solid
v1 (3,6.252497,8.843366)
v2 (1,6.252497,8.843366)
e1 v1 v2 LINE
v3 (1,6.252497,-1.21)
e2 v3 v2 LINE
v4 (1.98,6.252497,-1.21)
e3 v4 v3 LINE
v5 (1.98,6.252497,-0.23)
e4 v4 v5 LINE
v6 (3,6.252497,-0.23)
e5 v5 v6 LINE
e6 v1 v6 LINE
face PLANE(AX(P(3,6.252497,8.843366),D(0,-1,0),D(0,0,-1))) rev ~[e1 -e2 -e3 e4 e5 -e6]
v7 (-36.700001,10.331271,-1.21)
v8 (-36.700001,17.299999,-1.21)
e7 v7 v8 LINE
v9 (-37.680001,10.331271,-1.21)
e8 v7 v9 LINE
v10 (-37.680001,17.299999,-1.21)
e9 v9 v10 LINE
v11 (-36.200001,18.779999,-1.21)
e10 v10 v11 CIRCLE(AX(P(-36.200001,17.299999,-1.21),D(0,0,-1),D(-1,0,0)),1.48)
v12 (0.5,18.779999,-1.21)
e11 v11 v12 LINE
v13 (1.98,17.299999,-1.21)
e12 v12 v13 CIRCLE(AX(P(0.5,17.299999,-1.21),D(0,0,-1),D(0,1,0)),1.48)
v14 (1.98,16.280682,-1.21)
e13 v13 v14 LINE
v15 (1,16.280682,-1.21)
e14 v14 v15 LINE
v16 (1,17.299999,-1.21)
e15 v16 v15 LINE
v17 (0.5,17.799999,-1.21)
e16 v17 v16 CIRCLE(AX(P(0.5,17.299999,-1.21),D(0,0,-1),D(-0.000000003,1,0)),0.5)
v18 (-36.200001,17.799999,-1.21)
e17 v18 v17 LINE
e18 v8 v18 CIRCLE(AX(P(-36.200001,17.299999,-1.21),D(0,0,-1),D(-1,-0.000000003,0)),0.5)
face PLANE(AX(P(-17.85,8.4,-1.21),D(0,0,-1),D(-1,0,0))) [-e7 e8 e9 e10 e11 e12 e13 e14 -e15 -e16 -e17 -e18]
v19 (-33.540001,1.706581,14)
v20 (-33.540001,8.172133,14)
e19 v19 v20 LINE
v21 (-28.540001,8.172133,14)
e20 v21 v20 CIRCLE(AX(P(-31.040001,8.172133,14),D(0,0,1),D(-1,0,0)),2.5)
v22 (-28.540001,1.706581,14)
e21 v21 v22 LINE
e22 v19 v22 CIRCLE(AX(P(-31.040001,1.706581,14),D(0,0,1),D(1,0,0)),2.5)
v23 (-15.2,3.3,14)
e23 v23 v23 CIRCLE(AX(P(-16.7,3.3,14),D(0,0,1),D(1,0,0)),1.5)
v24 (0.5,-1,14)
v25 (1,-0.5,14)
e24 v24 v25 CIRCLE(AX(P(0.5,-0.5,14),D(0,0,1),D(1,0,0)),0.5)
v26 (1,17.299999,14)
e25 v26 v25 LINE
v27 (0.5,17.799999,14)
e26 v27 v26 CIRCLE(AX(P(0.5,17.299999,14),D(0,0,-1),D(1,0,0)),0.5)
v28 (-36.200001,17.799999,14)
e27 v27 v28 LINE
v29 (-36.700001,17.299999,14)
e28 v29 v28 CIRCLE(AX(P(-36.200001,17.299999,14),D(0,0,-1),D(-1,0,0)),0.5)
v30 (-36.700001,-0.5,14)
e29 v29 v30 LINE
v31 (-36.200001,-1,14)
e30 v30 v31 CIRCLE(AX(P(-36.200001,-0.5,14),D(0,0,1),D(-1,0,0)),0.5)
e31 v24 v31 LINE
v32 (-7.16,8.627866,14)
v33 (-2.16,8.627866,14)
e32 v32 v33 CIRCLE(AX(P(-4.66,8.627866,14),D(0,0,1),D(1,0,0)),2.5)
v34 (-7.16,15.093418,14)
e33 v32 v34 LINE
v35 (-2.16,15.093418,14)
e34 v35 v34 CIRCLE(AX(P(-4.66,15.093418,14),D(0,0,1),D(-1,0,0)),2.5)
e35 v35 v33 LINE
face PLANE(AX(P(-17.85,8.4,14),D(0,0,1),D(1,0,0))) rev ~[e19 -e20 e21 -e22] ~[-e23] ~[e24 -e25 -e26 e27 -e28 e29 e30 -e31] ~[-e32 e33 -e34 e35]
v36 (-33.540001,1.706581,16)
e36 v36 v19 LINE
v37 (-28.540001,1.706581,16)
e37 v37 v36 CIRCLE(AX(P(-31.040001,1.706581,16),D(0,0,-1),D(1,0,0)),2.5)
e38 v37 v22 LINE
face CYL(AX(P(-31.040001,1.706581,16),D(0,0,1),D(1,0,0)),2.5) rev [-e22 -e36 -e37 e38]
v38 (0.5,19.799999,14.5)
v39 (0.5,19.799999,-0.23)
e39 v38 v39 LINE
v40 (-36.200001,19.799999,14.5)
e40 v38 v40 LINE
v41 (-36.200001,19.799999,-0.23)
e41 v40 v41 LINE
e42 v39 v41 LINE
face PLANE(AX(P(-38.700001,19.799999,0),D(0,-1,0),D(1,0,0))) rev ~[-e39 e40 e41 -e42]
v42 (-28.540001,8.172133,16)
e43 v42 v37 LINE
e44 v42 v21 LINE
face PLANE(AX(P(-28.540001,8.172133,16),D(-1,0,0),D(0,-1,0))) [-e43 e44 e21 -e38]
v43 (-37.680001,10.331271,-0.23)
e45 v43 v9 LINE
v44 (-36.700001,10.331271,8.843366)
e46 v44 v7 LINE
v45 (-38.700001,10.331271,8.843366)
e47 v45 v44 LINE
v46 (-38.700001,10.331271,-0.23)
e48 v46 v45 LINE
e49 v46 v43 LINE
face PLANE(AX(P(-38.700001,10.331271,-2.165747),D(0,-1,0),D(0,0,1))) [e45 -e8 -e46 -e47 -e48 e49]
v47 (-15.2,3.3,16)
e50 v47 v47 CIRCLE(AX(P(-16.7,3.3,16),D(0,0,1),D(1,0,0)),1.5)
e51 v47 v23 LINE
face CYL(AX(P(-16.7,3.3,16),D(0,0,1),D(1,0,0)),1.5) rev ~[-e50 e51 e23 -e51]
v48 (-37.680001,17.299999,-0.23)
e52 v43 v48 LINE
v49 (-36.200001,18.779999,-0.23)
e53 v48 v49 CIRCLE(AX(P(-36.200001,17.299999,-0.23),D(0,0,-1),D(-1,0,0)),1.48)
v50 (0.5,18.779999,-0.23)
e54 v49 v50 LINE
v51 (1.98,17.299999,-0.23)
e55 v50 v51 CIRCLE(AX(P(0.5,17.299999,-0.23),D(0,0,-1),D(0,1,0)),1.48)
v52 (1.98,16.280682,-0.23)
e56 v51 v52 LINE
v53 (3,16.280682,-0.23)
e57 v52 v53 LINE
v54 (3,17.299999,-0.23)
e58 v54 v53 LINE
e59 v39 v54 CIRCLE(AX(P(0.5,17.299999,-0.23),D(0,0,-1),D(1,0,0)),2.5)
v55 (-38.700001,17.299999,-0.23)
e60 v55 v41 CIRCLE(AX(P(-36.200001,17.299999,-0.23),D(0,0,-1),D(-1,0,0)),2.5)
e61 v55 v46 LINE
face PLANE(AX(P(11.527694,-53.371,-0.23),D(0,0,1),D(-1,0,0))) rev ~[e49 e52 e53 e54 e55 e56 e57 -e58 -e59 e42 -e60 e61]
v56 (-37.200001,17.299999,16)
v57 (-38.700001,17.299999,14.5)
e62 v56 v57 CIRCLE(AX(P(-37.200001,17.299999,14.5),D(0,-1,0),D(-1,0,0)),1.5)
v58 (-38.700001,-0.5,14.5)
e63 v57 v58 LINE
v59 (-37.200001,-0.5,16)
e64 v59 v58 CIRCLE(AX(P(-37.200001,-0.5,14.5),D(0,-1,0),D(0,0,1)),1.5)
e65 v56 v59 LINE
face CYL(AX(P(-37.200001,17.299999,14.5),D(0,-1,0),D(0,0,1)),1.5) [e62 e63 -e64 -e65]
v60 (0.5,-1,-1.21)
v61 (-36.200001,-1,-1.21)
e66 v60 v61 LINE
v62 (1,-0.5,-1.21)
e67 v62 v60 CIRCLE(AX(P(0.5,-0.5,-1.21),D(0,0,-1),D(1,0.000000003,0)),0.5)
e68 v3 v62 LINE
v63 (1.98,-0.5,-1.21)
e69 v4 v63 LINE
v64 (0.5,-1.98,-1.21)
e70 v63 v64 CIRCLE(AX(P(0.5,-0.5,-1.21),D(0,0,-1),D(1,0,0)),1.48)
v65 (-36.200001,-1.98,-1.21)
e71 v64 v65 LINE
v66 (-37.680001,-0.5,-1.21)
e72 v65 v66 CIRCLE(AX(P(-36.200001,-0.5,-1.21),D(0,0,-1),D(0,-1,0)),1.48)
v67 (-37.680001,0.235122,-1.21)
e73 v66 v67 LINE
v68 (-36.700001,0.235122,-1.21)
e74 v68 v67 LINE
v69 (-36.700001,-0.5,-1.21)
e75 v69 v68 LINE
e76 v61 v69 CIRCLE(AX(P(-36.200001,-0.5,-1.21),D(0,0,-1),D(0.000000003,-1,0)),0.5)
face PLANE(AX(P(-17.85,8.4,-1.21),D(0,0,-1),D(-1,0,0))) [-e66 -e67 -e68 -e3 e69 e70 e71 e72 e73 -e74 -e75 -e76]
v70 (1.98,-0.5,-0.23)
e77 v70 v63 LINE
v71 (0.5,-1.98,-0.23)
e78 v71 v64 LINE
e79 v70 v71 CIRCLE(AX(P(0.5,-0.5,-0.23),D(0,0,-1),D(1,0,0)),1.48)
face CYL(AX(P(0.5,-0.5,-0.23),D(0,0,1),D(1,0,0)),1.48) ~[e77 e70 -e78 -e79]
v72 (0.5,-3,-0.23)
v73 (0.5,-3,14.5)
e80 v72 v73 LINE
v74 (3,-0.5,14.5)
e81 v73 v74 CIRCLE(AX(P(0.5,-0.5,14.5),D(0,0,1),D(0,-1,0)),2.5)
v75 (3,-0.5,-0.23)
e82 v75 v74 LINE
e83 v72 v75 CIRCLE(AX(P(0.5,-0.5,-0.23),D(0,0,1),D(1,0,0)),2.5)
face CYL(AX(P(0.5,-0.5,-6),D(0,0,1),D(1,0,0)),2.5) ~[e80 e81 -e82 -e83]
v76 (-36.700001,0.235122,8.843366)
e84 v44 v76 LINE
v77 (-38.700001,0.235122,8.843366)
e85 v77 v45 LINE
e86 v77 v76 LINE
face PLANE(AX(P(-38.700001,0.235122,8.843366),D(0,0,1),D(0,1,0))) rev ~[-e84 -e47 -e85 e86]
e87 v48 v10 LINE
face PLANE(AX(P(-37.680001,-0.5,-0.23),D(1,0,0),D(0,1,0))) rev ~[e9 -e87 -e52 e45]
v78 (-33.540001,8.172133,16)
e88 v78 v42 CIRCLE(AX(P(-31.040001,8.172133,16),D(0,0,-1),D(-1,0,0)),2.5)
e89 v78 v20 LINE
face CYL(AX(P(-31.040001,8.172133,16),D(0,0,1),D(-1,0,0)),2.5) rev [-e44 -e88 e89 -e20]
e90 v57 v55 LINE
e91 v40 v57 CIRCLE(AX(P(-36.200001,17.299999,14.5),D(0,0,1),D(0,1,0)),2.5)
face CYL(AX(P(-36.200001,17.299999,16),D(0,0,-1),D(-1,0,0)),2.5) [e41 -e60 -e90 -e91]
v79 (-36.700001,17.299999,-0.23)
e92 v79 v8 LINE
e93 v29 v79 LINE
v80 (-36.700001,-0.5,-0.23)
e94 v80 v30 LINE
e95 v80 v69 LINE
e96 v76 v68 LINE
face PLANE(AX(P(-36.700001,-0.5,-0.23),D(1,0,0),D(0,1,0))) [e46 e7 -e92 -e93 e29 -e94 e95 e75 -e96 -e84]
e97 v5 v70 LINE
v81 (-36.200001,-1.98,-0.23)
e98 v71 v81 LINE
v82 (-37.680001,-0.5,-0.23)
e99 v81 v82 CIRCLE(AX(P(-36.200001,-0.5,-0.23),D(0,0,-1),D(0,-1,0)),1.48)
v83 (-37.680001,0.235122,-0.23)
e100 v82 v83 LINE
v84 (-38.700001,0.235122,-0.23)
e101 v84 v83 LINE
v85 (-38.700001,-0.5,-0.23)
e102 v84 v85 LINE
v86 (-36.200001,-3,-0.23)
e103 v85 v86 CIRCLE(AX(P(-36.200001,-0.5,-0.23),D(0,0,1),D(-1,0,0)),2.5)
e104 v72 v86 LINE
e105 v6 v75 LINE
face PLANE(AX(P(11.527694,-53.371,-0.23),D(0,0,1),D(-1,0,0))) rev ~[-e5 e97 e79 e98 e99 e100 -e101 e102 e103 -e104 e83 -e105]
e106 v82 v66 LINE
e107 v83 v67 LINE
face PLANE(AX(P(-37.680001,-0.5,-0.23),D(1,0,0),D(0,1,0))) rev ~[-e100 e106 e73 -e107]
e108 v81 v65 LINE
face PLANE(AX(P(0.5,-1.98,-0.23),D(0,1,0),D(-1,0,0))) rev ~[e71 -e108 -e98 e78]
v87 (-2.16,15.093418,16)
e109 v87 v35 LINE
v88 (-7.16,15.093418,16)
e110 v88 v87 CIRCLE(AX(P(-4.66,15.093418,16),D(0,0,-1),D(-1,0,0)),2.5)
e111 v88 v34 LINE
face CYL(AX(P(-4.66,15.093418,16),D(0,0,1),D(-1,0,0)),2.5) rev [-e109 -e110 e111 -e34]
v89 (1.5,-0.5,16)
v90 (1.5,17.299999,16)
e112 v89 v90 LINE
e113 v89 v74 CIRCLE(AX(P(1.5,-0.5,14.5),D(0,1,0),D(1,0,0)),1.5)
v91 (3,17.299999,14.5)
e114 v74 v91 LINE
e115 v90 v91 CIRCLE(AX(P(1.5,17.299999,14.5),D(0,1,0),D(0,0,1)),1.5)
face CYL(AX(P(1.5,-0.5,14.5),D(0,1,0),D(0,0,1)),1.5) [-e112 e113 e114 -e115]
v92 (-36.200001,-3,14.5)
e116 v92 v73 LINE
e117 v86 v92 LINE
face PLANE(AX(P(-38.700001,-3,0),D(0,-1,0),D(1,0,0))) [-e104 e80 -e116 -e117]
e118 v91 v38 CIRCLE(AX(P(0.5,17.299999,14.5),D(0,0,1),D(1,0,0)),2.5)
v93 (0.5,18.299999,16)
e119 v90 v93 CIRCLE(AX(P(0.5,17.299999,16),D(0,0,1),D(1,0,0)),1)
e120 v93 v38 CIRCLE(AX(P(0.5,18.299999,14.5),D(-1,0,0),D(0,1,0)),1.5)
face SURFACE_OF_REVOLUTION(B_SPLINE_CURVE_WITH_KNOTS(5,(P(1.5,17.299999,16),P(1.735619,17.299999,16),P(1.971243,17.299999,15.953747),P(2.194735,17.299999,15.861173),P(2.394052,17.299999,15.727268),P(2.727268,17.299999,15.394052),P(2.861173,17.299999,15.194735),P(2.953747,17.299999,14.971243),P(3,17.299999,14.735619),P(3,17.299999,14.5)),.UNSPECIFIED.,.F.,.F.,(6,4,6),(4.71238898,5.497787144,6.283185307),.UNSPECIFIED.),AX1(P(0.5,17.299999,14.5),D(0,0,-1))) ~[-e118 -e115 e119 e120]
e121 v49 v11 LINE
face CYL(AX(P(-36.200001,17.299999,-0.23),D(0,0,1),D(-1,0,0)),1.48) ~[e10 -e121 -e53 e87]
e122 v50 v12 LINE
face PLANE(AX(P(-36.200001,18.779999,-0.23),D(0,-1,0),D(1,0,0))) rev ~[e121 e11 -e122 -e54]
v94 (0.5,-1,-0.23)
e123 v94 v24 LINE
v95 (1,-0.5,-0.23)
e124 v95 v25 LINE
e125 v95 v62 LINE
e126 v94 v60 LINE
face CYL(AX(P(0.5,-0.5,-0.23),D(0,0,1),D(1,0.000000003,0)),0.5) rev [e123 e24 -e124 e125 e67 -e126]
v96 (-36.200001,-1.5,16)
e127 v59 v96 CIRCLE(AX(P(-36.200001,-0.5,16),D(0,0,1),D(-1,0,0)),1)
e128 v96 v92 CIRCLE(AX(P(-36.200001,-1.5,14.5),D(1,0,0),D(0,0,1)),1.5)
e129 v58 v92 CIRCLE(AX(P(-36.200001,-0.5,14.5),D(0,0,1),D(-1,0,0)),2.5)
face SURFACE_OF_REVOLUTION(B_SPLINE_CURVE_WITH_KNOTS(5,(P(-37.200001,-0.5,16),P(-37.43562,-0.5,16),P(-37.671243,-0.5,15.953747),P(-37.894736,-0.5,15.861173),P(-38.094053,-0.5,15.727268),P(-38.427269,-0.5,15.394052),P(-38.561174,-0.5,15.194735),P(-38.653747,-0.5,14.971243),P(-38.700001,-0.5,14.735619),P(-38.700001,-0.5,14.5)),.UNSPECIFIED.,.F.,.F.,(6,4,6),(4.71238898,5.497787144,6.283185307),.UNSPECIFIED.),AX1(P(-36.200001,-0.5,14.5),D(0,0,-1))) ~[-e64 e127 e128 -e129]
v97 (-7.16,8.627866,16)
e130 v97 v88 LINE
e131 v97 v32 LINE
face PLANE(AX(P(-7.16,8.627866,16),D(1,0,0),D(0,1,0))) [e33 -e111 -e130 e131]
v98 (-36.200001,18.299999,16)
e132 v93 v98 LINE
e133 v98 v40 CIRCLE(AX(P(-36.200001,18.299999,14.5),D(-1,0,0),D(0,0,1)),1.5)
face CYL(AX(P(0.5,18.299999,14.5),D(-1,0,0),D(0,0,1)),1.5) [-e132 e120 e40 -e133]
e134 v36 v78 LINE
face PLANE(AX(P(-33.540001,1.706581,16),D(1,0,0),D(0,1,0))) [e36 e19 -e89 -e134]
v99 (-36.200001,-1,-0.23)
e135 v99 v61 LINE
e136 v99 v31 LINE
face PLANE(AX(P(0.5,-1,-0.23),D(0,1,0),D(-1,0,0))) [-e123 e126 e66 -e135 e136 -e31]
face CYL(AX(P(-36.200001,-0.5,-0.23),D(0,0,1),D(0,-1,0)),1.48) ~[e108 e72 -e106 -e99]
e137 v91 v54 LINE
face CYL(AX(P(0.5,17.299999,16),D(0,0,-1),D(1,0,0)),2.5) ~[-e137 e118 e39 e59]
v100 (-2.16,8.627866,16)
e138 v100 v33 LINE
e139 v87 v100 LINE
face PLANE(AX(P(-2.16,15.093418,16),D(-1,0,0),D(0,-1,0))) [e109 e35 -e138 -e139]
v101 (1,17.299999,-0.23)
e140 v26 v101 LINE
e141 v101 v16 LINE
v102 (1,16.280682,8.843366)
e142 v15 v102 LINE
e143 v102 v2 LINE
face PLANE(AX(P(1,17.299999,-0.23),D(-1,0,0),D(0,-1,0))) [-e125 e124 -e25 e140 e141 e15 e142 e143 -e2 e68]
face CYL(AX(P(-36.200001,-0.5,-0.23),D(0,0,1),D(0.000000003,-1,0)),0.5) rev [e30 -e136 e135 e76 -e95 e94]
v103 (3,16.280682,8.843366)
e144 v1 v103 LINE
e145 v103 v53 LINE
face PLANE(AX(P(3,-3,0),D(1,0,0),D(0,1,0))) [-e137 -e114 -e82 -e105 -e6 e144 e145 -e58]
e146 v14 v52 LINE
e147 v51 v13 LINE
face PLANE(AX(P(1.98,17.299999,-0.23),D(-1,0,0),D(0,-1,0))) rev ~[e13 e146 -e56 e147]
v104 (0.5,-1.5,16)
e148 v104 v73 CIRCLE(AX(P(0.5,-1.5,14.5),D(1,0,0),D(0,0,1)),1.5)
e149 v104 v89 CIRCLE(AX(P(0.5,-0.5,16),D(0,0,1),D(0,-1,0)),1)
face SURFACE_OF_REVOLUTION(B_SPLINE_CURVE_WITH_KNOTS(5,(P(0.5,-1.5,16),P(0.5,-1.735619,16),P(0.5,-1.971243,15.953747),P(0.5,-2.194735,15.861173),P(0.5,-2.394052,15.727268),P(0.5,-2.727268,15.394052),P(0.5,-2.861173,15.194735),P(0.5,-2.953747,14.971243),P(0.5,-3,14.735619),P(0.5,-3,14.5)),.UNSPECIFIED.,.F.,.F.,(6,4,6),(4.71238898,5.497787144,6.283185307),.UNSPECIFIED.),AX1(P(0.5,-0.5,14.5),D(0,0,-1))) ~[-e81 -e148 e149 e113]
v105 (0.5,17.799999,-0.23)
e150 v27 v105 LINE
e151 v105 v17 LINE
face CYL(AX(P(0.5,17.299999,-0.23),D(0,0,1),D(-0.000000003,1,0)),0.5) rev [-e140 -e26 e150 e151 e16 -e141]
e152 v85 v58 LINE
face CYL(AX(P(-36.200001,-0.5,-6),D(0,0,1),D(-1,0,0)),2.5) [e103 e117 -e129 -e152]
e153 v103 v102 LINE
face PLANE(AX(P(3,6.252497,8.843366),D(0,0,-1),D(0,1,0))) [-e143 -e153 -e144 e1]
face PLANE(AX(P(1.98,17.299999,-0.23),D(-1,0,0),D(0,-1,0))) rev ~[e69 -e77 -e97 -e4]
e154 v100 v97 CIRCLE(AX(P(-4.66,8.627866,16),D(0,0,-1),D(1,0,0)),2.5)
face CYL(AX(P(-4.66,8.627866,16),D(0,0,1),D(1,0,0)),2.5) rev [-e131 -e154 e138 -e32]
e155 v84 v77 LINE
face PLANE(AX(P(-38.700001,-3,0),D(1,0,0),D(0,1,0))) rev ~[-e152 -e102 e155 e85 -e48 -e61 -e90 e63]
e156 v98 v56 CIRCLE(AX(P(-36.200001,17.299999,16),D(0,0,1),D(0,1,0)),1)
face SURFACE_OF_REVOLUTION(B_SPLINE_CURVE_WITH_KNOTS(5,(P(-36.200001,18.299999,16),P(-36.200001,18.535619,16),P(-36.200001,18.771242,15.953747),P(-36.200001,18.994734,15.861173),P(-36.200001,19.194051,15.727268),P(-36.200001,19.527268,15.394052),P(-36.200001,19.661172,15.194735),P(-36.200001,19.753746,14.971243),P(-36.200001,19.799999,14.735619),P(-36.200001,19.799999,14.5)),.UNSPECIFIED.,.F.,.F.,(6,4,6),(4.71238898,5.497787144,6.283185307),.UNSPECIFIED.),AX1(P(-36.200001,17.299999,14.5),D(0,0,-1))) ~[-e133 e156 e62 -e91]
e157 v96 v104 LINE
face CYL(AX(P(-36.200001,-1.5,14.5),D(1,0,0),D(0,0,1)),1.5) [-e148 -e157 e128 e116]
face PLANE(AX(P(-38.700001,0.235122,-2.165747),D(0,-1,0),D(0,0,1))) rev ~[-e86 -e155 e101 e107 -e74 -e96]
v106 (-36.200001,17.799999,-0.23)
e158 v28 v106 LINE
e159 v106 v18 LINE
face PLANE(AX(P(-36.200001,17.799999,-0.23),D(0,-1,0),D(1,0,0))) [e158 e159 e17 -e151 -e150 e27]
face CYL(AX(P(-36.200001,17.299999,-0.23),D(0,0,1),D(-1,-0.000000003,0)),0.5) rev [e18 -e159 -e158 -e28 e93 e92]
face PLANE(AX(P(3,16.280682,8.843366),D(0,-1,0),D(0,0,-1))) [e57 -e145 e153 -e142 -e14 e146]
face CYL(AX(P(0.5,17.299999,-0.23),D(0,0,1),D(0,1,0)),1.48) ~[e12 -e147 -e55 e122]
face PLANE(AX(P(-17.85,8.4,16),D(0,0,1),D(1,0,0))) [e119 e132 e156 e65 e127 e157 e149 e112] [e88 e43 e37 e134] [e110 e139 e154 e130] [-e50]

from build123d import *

# Parameters (mm, degrees)
SKETCH1_W                = 41.700000763
SKETCH1_H                = 22.799999237
BOSS_EXTRUDE1_DEPTH      = 16
BOSS_EXTRUDE1_DEPTH_BACK = 6
FILLET1_R                = 2.5
SHELL1_T                 = 2
FILLET2_R                = 1.5
SPLIT2_SURFACE_1_BACK    = 53.371
SPLIT2_SURFACE_1_DEPTH   = 106.742
SPLIT2_SURFACE_2_BACK    = 53.371
SPLIT2_SURFACE_2_DEPTH   = 106.742
SKETCH6_W                = 51.834983027
SKETCH6_H                = 10.188595942
CUT_EXTRUDE1_DEPTH       = 25
BOSS_EXTRUDE2_DEPTH      = 0.98
CUT_EXTRUDE2_DEPTH       = 11
SKETCH9_W                = 11.335588894
SKETCH9_H                = 10.028184506
CUT_EXTRUDE3_DEPTH       = 11
SKETCH10_W               = 11.009113092
SKETCH10_H               = 10.096148938
CUT_EXTRUDE4_DEPTH       = 11
SKETCH11_R               = 1.5
CUT_EXTRUDE5_DEPTH       = 11


with BuildPart() as part:
    # Sketch1 → Boss-Extrude1 (new, two sides)
    with BuildSketch(Plane.XY) as boss_extrude1_sk:
        with Locations((-17.850000382, 8.399999619)):
            Rectangle(SKETCH1_W, SKETCH1_H)
    extrude(amount=BOSS_EXTRUDE1_DEPTH)
    extrude(boss_extrude1_sk.sketch, amount=-BOSS_EXTRUDE1_DEPTH_BACK)

    # Fillet1
    fillet1_edges = [part.edges().sort_by_distance(p)[0] for p in [
        (3, -3, 5),
        (3, 19.799999237, 5),
        (-38.700000763, 19.799999237, 5),
        (-38.700000763, -3, 5),
    ]]
    fillet(fillet1_edges, radius=FILLET1_R)

    # Shell1 (no face opened: a closed hollow body)
    add(offset(amount=-SHELL1_T, mode=Mode.PRIVATE), mode=Mode.SUBTRACT)

    # Fillet2
    fillet2_edges = [part.edges().sort_by_distance(p)[0] for p in [
        (-17.850000381, -3, 16),
        (3, 8.399999619, 16),
        (-17.850000381, 19.799999237, 16),
        (-38.700000763, 8.399999619, 16),
        (-37.967767716, -2.267766953, 16),
        (-37.967767716, 19.06776619, 16),
        (2.267766953, 19.06776619, 16),
        (2.267766953, -2.267766953, 16),
    ]]
    fillet(fillet2_edges, radius=FILLET2_R)


with BuildPart() as body_2:
    # Split2: the piece behind the surface
    add(part.part)
    # Split2 surface: a surface, the sketch's curves swept straight by 106.742 mm
    with BuildLine(Plane(origin=(0, 0, 0), x_dir=(1, 0, 0), z_dir=(0, 1, 0)).offset(-SPLIT2_SURFACE_1_BACK), mode=Mode.PRIVATE) as split2_surface_1_path:
        Line((11.527694016, 0.23), (-46.74820982, 0.23))
    split2_surface_1 = Shell.extrude(split2_surface_1_path.wire(), (0 * SPLIT2_SURFACE_1_DEPTH, 1 * SPLIT2_SURFACE_1_DEPTH, 0 * SPLIT2_SURFACE_1_DEPTH))
    split(bisect_by=split2_surface_1, keep=Keep.BOTTOM)

    # Sketch6 → Cut-Extrude1 (cut)
    with BuildSketch(Plane.XZ.offset(3)):
        with Locations((-19.404183034, -5.324297971)):
            Rectangle(SKETCH6_W, SKETCH6_H)
    extrude(amount=-CUT_EXTRUDE1_DEPTH, mode=Mode.SUBTRACT)


with BuildPart() as part_1:
    add(part.part)

    # Split2: split by a surface, the side it looks to stays
    # Split2 surface: a surface, the sketch's curves swept straight by 106.742 mm
    with BuildLine(Plane(origin=(0, 0, 0), x_dir=(1, 0, 0), z_dir=(0, 1, 0)).offset(-SPLIT2_SURFACE_2_BACK), mode=Mode.PRIVATE) as split2_surface_2_path:
        Line((11.527694016, 0.23), (-46.74820982, 0.23))
    split2_surface_2 = Shell.extrude(split2_surface_2_path.wire(), (0 * SPLIT2_SURFACE_2_DEPTH, 1 * SPLIT2_SURFACE_2_DEPTH, 0 * SPLIT2_SURFACE_2_DEPTH))
    split(bisect_by=split2_surface_2, keep=Keep.TOP)

    # Sketch7 → Boss-Extrude2 (add)
    with BuildSketch(Plane(origin=(0, 0, -0.23), x_dir=(-1, 0, 0), z_dir=(0, 0, -1))):
        with BuildLine():
            Line((-0.5, -1.98), (36.200000763, -1.98))
            ThreePointArc((36.200000763, -1.98), (37.246518799, -1.546518036), (37.680000763, -0.5))
            Line((37.680000763, -0.5), (37.680000763, 17.299999237))
            ThreePointArc((37.680000763, 17.299999237), (37.246518799, 18.346517273), (36.200000763, 18.779999237))
            Line((36.200000763, 18.779999237), (-0.5, 18.779999237))
            ThreePointArc((-0.5, 18.779999237), (-1.546518036, 18.346517273), (-1.98, 17.299999237))
            Line((-1.98, 17.299999237), (-1.98, -0.5))
            ThreePointArc((-1.98, -0.5), (-1.546518036, -1.546518036), (-0.5, -1.98))
        make_face()
        with BuildLine():
            Line((-0.5, -1), (36.200000763, -1))
            ThreePointArc((36.200000763, -1), (36.553554154, -0.853553391), (36.700000763, -0.5))
            Line((36.700000763, -0.5), (36.700000763, 17.299999237))
            ThreePointArc((36.700000763, 17.299999237), (36.553554154, 17.653552628), (36.200000763, 17.799999237))
            Line((36.200000763, 17.799999237), (-0.5, 17.799999237))
            ThreePointArc((-0.5, 17.799999237), (-0.853553391, 17.653552628), (-1, 17.299999237))
            Line((-1, 17.299999237), (-1, -0.5))
            ThreePointArc((-1, -0.5), (-0.853553391, -0.853553391), (-0.5, -1))
        make_face(mode=Mode.SUBTRACT)
    extrude(amount=BOSS_EXTRUDE2_DEPTH)

    # Sketch8 → Cut-Extrude2 (cut)
    with BuildSketch(Plane.XY.offset(16)):
        with BuildLine():
            Line((-2.16, 15.093417893), (-2.16, 8.627866409))
            ThreePointArc((-2.16, 8.627866409), (-4.66, 6.127866409), (-7.16, 8.627866409))
            Line((-7.16, 8.627866409), (-7.16, 15.093417893))
            ThreePointArc((-7.16, 15.093417893), (-4.66, 17.593417893), (-2.16, 15.093417893))
        make_face()
        with BuildLine():
            Line((-33.540000763, 1.706581344), (-33.540000763, 8.172132828))
            ThreePointArc((-33.540000763, 8.172132828), (-31.040000763, 10.672132828), (-28.540000763, 8.172132828))
            Line((-28.540000763, 8.172132828), (-28.540000763, 1.706581344))
            ThreePointArc((-28.540000763, 1.706581344), (-31.040000763, -0.793418656), (-33.540000763, 1.706581344))
        make_face()
    extrude(amount=-CUT_EXTRUDE2_DEPTH, mode=Mode.SUBTRACT)

    # Sketch9 → Cut-Extrude3 (cut)
    with BuildSketch(Plane(origin=(3, 0, 0), x_dir=(0, 0, -1), z_dir=(1, 0, 0))):
        with Locations((-3.175571545, 11.266589504)):
            Rectangle(SKETCH9_W, SKETCH9_H)
    extrude(amount=-CUT_EXTRUDE3_DEPTH, mode=Mode.SUBTRACT)

    # Sketch10 → Cut-Extrude4 (cut)
    with BuildSketch(Plane.ZY.offset(38.700000763)):
        with Locations((3.338809446, 5.283196064)):
            Rectangle(SKETCH10_W, SKETCH10_H)
    extrude(amount=-CUT_EXTRUDE4_DEPTH, mode=Mode.SUBTRACT)

    # Sketch11 → Cut-Extrude5 (cut)
    with BuildSketch(Plane.XY.offset(16)):
        with Locations((-16.7, 3.3)):
            Circle(SKETCH11_R)
    extrude(amount=-CUT_EXTRUDE5_DEPTH, mode=Mode.SUBTRACT)


solid = part_1.part
